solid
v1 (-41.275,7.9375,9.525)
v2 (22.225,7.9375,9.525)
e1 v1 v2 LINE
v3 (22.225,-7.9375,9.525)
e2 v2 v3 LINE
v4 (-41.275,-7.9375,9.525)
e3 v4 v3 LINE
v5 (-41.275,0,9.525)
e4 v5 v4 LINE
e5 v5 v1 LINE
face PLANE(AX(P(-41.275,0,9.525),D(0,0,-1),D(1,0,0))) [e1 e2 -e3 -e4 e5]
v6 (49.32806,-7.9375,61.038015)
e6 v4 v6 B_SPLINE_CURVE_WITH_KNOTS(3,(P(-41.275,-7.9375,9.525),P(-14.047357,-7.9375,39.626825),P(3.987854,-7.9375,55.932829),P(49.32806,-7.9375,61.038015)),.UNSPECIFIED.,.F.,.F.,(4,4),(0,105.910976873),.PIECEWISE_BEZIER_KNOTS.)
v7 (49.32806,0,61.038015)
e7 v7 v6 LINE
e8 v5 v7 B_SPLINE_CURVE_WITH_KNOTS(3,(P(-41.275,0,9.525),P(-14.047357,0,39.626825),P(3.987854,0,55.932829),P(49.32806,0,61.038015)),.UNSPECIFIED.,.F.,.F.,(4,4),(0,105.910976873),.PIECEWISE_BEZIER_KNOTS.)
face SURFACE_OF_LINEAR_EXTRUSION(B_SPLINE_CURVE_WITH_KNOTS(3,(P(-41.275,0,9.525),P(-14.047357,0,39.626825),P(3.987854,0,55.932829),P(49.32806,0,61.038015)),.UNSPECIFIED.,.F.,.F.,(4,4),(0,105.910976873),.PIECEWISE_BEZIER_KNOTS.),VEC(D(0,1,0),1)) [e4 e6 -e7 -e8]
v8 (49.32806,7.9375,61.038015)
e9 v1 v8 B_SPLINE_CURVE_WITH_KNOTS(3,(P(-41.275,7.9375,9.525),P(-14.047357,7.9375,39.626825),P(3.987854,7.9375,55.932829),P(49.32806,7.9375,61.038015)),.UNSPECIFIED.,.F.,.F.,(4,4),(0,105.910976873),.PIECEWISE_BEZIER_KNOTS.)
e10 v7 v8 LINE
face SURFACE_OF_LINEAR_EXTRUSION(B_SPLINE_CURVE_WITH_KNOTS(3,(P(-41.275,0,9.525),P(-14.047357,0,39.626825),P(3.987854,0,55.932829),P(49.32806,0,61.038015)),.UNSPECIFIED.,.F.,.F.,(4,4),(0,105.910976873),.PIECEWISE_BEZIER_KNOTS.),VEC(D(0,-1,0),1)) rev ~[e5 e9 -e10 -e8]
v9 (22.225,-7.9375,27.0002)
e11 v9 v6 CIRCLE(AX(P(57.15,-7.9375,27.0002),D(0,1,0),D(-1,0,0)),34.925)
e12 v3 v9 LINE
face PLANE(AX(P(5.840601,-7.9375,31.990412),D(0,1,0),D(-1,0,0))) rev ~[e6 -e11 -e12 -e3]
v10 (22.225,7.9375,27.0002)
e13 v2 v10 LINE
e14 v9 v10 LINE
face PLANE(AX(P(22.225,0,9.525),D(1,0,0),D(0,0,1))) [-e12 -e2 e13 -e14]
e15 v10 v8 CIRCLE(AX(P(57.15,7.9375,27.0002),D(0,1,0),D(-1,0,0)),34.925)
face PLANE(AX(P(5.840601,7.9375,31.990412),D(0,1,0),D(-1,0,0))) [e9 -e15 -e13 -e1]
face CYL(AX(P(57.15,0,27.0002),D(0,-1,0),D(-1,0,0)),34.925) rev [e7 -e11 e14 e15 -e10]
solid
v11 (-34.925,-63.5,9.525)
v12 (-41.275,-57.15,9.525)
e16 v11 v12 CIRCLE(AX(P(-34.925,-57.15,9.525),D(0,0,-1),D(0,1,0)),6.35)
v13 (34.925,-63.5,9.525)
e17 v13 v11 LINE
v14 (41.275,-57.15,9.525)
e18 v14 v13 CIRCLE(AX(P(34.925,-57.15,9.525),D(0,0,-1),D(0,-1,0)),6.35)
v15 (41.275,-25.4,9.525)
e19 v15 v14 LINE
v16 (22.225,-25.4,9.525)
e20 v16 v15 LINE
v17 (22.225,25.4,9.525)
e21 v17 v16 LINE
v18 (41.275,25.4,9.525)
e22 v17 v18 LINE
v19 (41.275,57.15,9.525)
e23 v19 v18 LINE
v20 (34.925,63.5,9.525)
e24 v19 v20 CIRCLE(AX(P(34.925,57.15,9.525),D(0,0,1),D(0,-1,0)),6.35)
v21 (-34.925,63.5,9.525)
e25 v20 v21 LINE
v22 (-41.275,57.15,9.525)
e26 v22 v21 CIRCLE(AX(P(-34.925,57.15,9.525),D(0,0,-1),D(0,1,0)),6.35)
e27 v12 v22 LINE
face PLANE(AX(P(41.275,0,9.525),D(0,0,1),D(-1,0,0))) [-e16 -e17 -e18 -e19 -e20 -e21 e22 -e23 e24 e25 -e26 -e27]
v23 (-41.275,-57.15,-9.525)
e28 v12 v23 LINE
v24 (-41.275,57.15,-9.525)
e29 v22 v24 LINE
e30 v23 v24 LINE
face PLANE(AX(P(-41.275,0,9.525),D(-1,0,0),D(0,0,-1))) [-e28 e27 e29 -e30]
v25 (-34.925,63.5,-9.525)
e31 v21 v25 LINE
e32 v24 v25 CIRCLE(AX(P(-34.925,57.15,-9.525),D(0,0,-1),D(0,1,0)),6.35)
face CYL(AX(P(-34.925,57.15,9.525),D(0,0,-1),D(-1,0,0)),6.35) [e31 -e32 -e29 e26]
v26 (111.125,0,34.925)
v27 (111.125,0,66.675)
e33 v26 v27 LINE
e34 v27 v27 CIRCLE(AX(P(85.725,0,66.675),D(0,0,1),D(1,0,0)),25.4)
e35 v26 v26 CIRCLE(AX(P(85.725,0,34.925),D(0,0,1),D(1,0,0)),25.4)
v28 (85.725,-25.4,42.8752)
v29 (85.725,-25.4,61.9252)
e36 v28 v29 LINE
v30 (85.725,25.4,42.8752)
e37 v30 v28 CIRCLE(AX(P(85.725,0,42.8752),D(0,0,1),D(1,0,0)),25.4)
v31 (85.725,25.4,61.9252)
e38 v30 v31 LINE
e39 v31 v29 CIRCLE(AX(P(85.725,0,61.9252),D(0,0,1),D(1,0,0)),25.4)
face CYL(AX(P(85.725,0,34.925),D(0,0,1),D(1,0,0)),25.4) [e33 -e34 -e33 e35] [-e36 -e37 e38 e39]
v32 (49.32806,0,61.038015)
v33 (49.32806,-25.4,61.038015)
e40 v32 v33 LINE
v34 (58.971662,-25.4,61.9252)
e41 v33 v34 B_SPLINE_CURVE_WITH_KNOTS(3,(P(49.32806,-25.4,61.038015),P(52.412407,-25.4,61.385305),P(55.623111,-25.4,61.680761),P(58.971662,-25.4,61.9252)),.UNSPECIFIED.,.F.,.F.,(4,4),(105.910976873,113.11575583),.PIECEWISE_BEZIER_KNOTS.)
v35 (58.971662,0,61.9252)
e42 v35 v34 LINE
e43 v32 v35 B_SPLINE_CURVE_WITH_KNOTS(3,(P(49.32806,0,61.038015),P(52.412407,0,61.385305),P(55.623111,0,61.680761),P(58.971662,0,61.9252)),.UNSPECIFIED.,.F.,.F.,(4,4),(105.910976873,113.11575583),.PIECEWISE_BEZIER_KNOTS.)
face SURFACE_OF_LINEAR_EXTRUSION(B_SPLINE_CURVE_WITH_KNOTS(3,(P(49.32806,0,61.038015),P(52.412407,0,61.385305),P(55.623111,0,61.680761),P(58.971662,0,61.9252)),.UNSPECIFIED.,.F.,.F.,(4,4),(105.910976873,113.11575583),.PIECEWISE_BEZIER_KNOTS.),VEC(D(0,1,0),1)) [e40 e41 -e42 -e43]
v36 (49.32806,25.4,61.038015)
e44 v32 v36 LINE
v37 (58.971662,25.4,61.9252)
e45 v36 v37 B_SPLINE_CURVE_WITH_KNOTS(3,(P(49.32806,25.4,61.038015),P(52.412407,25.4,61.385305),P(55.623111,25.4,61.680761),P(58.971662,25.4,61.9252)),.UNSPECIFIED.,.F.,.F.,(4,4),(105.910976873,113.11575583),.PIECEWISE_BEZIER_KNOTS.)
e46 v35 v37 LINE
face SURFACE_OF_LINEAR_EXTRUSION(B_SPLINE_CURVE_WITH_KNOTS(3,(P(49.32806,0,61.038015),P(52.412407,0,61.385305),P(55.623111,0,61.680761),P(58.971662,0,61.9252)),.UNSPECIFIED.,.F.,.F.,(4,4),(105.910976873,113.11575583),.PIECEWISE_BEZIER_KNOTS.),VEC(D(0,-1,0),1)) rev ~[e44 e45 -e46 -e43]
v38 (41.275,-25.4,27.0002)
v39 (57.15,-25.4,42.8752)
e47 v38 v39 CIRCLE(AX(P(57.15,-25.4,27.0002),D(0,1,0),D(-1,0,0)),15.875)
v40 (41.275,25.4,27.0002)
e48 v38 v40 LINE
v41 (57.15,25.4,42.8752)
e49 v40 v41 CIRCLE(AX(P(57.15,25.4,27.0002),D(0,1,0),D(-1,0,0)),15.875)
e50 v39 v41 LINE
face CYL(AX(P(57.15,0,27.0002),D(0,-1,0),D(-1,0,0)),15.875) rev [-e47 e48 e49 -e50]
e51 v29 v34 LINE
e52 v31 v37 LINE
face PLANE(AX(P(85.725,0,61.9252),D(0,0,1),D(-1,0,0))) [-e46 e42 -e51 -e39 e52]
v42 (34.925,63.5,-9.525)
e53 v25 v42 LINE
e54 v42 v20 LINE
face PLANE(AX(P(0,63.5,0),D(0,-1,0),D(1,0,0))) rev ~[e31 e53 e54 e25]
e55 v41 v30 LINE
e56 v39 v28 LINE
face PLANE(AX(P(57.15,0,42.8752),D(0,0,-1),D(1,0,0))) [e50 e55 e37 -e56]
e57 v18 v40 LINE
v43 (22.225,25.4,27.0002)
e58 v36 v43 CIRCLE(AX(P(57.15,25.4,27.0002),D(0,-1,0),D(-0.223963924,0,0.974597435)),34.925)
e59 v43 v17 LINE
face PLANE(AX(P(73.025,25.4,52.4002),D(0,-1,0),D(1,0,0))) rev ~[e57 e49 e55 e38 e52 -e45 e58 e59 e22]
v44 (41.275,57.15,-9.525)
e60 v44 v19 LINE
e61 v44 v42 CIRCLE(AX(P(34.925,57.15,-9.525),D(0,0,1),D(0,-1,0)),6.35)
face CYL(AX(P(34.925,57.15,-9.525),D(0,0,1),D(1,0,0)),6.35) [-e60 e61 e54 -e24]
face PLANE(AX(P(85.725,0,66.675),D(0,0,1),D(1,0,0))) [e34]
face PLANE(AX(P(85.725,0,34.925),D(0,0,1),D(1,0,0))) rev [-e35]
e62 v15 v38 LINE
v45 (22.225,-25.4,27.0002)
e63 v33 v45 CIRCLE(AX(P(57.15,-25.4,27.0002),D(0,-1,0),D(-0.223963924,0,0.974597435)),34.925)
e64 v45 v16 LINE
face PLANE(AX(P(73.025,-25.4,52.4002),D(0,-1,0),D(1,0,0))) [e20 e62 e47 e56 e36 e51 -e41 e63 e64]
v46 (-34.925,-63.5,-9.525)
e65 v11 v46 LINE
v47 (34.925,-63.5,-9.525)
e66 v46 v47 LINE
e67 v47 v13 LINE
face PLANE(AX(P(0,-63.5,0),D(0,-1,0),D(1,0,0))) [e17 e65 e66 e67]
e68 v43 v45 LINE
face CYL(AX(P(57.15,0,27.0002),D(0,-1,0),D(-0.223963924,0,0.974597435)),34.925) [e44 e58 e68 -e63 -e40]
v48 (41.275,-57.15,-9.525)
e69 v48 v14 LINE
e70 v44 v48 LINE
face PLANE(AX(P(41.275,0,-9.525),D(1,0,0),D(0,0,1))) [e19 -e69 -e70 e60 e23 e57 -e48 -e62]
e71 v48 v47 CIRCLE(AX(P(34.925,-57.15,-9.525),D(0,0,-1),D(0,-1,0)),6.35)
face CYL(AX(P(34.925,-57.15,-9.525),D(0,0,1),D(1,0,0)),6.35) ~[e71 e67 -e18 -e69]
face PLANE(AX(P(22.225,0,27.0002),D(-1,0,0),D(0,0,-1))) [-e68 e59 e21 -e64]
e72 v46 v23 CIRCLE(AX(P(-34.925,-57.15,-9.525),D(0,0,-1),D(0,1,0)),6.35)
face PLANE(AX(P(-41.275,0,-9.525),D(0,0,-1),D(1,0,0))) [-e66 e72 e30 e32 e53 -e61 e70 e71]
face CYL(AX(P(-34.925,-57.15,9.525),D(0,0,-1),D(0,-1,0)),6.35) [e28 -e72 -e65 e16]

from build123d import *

# Parameters (mm, degrees)
F1_DEPTH = 63.5
F0_W     = 25.4
F0_H     = 19.05
F2_DEPTH = 25.4
F3_DEPTH = 7.9375
F5_R     = 6.35


with BuildPart() as f1:
    # F0 (on Front) → F1 (new body, symmetric)
    with BuildSketch(Plane.XZ):
        Polygon((-41.275, -9.525), (41.275, -9.525), (41.275, 9.525), (22.225, 9.525), (-41.275, 9.525), align=None)
    extrude(amount=F1_DEPTH, both=True)

    # F0 (on Front) → F2 (join, symmetric)
    with BuildSketch(Plane.XZ):
        with Locations((73.025, 52.4002)):
            Rectangle(F0_W, F0_H)
        with BuildLine():
            Line((22.225, 9.525), (41.275, 9.525))
            Line((41.275, 9.525), (41.275, 27.0002))
            ThreePointArc((41.275, 27.0002), (45.9246798487, 38.2255201513), (57.15, 42.8752))
            Line((57.15, 42.8752), (60.325, 42.8752))
            Line((60.325, 42.8752), (60.325, 61.9252))
            Line((60.325, 61.9252), (58.9716620743, 61.9252))
            add(Edge.make_bspline(
                [(49.3280599422, 61.0380154224), (52.4124065247, 61.3853046372), (55.623110734, 61.6807605246), (58.9716620743, 61.9252)],
                knots=[105.9109768732, 105.9109768732, 105.9109768732, 105.9109768732, 113.1157558304, 113.1157558304, 113.1157558304, 113.1157558304], degree=3))
            ThreePointArc((49.3280599422, 61.0380154224), (29.8284253609, 48.7553645418), (22.225, 27.0002))
            Line((22.225, 27.0002), (22.225, 9.525))
        make_face()
    extrude(amount=F2_DEPTH, both=True)

    # F0 (on Front) → F4 (revolve)
    with BuildSketch(Plane.XZ):
        Polygon((85.725, 61.9252), (85.725, 42.8752), (85.725, 34.925), (111.125, 34.925), (111.125, 66.675), (85.725, 66.675), align=None)
    revolve(axis=Axis((85.725, 0, 50.8), (0, 0, 1)))

    # F5
    f5_edges = [f1.edges().sort_by_distance(p)[0] for p in [
        (-41.275, -63.5, 0),
        (41.275, -63.5, 0),
        (-41.275, 63.5, 0),
        (41.275, 63.5, 0),
    ]]
    fillet(f5_edges, radius=F5_R)


with BuildPart() as f3:
    # F0 (on Front) → F3 (new body, symmetric)
    with BuildSketch(Plane.XZ):
        with BuildLine():
            add(Edge.make_bspline(
                [(-41.275, 9.525), (-14.0473573265, 39.6268251793), (3.9878542948, 55.9328289605), (49.3280599422, 61.0380154224)],
                knots=[0, 0, 0, 0, 105.9109768732, 105.9109768732, 105.9109768732, 105.9109768732], degree=3))
            Line((-41.275, 9.525), (22.225, 9.525))
            Line((22.225, 9.525), (22.225, 27.0002))
            ThreePointArc((22.225, 27.0002), (29.8284253609, 48.7553645418), (49.3280599422, 61.0380154224))
        make_face()
    extrude(amount=F3_DEPTH, both=True)


solid = Compound([f1.part, f3.part])
